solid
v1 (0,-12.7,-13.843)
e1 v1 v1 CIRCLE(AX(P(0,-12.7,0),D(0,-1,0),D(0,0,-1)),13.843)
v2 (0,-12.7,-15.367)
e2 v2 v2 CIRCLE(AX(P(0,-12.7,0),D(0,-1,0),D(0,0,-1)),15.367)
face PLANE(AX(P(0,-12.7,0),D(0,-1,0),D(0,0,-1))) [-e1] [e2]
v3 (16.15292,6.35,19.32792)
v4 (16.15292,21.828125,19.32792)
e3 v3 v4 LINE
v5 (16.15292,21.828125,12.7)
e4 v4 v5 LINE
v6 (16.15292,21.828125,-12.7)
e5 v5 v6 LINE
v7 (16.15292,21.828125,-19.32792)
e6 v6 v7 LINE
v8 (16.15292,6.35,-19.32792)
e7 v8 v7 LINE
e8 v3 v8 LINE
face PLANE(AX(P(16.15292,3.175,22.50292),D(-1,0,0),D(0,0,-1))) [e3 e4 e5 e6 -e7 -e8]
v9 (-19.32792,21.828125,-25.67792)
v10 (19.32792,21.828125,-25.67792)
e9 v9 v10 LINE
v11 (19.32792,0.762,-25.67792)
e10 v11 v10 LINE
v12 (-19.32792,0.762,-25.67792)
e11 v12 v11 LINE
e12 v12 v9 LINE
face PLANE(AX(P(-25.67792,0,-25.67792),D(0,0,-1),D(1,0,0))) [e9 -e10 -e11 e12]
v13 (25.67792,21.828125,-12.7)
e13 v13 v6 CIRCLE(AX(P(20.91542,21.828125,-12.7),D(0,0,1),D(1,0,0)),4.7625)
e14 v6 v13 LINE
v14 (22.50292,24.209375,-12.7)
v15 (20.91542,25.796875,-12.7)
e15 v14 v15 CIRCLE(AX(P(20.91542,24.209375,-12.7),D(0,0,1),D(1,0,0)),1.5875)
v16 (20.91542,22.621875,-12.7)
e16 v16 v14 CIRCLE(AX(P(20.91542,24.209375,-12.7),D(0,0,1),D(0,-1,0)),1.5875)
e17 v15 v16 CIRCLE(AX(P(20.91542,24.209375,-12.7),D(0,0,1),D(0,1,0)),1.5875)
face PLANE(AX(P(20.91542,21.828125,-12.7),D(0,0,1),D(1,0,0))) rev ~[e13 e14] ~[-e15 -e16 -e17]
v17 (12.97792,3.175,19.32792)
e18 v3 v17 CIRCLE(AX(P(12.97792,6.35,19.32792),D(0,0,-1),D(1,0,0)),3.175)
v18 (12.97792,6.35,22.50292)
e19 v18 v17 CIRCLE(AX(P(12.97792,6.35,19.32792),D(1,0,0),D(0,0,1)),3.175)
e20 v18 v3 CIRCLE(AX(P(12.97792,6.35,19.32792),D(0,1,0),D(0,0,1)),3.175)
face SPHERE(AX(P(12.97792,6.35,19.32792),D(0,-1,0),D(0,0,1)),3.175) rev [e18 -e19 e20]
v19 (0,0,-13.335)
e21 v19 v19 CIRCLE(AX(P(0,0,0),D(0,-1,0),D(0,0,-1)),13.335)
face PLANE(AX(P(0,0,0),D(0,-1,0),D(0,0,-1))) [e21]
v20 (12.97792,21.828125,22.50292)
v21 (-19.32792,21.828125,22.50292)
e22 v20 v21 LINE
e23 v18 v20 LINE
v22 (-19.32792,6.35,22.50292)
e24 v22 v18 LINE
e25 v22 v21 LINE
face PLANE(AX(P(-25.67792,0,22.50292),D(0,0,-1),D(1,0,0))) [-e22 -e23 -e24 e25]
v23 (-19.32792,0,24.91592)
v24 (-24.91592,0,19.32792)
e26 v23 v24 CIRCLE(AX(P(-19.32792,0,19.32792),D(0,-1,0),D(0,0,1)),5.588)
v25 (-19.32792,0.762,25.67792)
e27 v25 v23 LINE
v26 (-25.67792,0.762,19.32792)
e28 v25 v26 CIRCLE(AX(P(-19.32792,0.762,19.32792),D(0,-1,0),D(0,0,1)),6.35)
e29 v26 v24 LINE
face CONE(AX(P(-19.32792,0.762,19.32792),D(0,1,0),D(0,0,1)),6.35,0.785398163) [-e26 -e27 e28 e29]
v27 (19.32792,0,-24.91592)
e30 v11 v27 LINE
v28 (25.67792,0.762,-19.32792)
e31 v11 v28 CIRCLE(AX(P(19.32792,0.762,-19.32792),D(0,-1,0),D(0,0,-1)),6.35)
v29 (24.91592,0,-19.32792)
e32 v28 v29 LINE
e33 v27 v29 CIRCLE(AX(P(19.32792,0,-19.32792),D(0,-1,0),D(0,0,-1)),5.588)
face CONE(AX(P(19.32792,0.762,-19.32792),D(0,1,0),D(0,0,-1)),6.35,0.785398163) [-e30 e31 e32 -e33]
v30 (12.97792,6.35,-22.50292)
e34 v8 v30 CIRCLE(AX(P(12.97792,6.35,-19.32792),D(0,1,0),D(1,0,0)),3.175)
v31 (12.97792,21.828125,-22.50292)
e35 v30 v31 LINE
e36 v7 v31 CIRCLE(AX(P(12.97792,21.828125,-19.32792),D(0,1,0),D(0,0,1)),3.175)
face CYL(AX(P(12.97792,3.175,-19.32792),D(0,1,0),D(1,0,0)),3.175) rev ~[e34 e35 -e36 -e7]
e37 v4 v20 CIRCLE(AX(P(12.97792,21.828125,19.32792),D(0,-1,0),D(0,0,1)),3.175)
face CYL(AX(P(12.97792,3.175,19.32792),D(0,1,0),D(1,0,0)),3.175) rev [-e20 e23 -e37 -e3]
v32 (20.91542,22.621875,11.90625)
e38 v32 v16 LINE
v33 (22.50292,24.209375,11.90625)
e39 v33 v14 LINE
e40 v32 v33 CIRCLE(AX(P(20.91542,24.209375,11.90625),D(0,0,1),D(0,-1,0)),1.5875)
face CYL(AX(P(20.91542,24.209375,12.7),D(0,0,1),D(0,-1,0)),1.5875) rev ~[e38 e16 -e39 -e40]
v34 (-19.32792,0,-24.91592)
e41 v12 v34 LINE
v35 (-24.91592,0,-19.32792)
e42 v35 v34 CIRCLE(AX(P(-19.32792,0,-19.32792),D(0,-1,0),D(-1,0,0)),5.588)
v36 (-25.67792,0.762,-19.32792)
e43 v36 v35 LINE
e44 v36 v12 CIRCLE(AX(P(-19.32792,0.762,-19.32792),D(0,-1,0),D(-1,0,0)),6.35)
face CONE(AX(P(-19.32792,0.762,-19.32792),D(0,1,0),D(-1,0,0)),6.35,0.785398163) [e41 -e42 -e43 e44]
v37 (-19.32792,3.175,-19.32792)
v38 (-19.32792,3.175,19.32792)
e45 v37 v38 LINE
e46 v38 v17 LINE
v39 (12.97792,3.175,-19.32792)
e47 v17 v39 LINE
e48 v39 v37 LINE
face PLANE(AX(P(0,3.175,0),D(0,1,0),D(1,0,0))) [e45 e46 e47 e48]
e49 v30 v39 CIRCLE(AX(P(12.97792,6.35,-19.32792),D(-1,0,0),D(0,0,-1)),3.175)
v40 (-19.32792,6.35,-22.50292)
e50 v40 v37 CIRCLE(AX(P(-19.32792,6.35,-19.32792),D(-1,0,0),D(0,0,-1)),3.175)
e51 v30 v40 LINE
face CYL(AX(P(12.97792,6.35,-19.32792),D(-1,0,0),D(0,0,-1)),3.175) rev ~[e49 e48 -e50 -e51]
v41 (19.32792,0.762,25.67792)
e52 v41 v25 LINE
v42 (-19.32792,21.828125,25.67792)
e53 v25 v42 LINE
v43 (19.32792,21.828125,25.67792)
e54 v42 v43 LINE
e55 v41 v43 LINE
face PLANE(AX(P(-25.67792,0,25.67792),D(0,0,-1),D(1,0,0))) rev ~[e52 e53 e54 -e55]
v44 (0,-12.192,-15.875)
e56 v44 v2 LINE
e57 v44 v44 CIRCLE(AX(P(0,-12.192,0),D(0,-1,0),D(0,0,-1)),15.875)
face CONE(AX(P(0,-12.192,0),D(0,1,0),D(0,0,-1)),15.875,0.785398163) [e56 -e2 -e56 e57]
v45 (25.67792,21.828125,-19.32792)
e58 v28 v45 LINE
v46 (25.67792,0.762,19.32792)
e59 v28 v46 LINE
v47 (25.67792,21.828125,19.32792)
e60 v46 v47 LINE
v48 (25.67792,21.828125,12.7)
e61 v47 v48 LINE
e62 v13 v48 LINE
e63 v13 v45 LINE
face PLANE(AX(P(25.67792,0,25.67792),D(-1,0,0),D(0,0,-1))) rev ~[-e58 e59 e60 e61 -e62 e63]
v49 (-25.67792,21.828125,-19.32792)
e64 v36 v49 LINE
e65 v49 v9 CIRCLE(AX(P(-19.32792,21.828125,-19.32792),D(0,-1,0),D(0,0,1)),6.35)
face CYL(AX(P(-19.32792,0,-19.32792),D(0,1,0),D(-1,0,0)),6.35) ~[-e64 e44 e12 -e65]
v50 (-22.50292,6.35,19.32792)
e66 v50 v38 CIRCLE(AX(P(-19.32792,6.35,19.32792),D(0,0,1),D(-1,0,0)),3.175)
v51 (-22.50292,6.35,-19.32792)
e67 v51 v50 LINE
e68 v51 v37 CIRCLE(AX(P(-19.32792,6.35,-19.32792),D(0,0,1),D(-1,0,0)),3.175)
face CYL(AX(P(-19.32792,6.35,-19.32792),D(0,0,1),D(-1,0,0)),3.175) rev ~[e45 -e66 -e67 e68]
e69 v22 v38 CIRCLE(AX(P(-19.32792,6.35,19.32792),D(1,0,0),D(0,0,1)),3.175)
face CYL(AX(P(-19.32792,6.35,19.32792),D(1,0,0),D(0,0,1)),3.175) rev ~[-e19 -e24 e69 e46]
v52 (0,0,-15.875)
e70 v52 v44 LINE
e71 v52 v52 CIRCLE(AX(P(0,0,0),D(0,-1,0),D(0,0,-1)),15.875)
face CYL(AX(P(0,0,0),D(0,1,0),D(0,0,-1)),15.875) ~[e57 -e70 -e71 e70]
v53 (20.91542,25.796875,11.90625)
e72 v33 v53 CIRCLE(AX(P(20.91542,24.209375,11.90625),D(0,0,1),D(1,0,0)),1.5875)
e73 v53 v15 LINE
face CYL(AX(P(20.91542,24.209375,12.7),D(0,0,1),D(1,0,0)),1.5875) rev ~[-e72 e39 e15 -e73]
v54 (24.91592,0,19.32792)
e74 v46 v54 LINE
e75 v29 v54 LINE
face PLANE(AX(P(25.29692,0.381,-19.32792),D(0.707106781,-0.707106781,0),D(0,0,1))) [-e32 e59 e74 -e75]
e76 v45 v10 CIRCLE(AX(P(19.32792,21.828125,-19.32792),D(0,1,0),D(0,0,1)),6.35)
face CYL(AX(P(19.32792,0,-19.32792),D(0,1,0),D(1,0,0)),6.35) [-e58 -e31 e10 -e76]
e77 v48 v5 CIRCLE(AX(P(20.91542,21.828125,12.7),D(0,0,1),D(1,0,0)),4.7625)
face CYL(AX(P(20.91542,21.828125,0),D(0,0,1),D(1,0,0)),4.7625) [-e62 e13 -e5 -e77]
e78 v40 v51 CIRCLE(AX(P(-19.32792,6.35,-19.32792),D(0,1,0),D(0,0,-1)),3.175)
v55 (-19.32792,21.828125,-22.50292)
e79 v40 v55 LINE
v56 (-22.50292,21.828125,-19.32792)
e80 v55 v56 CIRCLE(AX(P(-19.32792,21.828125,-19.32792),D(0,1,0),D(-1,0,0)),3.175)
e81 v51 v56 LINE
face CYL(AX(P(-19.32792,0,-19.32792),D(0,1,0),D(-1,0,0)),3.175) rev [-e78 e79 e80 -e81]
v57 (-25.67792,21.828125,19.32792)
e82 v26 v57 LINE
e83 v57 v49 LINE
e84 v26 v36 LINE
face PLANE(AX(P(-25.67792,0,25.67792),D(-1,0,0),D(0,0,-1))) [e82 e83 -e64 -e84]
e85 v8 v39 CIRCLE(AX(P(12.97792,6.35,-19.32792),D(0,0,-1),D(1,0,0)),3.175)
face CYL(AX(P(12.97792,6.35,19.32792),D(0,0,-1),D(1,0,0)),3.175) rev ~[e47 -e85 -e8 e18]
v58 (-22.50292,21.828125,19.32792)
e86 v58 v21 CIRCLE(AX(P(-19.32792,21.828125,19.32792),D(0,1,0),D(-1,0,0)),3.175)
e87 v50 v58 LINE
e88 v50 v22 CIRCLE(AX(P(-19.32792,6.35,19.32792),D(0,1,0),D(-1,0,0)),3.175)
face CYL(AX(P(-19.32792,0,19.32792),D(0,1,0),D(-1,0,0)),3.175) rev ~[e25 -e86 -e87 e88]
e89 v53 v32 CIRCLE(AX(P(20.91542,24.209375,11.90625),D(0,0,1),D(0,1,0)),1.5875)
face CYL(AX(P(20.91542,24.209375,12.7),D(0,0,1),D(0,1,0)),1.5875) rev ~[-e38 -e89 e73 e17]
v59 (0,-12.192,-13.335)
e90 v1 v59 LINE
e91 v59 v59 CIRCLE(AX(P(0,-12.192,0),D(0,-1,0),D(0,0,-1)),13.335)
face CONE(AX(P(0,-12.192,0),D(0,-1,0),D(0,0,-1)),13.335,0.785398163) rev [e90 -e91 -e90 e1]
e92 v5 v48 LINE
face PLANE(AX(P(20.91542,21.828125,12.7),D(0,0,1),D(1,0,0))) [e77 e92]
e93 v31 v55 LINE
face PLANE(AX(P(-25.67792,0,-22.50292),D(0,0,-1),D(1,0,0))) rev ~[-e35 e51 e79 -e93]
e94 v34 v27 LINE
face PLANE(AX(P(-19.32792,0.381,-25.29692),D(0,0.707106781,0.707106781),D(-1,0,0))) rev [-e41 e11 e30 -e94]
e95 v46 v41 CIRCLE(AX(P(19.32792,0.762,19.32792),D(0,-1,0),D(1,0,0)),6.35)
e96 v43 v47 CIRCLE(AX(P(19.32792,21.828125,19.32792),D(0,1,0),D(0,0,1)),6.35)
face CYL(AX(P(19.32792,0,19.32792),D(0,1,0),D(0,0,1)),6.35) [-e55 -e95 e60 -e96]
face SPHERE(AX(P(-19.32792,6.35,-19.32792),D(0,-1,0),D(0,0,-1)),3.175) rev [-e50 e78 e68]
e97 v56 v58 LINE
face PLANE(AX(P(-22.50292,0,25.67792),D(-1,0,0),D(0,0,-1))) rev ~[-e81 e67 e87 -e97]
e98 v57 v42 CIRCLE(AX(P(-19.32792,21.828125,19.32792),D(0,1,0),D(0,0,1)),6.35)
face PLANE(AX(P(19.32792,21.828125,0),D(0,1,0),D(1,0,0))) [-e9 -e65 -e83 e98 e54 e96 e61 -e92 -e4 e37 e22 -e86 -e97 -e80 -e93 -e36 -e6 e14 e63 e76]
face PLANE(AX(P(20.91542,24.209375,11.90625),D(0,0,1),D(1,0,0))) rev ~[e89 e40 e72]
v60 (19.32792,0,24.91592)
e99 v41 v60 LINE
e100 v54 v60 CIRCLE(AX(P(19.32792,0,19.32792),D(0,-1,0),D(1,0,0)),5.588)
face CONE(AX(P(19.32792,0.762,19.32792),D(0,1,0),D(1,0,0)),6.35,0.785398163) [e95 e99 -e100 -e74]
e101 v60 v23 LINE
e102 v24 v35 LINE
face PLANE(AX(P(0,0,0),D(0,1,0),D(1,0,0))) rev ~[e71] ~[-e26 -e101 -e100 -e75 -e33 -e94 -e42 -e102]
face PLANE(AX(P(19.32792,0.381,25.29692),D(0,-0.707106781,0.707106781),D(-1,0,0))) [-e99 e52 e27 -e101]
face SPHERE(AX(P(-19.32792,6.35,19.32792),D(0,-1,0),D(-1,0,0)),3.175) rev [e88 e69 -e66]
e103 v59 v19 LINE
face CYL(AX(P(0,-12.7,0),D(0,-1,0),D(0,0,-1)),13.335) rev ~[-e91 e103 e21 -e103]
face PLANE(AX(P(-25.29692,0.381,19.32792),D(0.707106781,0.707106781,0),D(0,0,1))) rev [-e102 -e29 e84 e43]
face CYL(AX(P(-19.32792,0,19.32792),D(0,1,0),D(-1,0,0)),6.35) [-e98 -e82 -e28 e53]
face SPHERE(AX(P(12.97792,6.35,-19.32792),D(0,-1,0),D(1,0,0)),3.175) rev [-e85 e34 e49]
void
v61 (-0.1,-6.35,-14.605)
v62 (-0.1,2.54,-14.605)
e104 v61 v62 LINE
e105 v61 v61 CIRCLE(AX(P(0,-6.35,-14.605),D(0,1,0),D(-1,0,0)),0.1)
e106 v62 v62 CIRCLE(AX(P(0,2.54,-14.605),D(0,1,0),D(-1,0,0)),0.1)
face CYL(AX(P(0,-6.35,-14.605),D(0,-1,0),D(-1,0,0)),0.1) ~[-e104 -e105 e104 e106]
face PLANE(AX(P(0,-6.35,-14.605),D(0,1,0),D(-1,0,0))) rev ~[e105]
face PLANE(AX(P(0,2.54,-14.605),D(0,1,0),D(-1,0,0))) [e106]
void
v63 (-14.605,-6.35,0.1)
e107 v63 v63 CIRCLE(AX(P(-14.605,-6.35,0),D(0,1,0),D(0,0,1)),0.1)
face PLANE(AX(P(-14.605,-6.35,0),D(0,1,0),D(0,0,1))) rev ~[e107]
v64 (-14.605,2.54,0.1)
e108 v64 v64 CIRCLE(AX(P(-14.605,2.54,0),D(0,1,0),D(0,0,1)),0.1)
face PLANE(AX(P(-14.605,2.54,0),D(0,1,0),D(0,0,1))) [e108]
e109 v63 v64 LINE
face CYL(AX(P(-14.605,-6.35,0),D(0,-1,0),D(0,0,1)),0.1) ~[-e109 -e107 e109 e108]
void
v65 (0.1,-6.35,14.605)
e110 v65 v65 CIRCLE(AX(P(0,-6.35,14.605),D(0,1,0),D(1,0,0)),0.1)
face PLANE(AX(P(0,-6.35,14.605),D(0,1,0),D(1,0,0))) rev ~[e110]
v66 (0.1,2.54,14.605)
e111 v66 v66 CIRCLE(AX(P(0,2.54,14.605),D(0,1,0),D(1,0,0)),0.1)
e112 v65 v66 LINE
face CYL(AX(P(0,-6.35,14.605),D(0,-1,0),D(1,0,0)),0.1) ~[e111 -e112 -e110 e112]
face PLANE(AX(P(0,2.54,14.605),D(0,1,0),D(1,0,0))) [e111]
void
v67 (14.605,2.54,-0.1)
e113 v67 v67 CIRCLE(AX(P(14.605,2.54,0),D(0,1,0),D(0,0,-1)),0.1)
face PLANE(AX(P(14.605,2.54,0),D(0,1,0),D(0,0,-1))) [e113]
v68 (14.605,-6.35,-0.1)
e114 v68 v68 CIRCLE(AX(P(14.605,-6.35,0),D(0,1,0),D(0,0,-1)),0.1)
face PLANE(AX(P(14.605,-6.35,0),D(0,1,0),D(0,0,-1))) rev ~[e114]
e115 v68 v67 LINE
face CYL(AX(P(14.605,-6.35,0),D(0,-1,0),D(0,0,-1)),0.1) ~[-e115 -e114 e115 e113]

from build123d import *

# Parameters (mm, degrees)
SKETCH1_W           = 51.355839692
SKETCH1_H           = 51.355839692
BOSS_EXTRUDE1_DEPTH = 21.828125
FILLET1_R           = 6.35
SHELL1_T            = -3.175
SKETCH2_R           = 15.875
BOSS_EXTRUDE2_DEPTH = 12.7
SKETCH3_W           = 6.35
SKETCH3_H           = 45.005839692
BOSS_EXTRUDE3_DEPTH = 18.653125
SKETCH4_R           = 4.7625
BOSS_EXTRUDE4_DEPTH = 12.7
CUT_EXTRUDE1_DEPTH  = 25.4
SKETCH6_R           = 1.966828055
BOSS_EXTRUDE5_DEPTH = 0.79375
FILLET2_R           = 3.175
FILLET3_R           = 3.175
SKETCH8_R           = 13.335
CUT_EXTRUDE2_DEPTH  = 12.7
CUT_EXTRUDE3_START  = -6.35
SKETCH9_R           = 0.1
CUT_EXTRUDE3_DEPTH  = 8.89
CIRPATTERN1_COUNT   = 4
CHAMFER4_SIZE       = 0.762
CHAMFER5_SIZE       = 0.508


with BuildPart() as part:
    # Sketch1 → Boss-Extrude1 (new body)
    with BuildSketch(Plane(origin=(0, 0, 0), x_dir=(1, 0, 0), z_dir=(0, 1, 0))):
        Rectangle(SKETCH1_W, SKETCH1_H)
    extrude(amount=BOSS_EXTRUDE1_DEPTH)

    # Fillet1
    fillet1_edges = [part.edges().sort_by_distance(p)[0] for p in [
        (25.677919846, 10.9140625, -25.677919846),
        (25.677919846, 10.9140625, 25.677919846),
        (-25.677919846, 10.9140625, 25.677919846),
        (-25.677919846, 10.9140625, -25.677919846),
    ]]
    fillet(fillet1_edges, radius=FILLET1_R)

    # Shell1
    shell1_openings = [part.faces().sort_by_distance(p)[0] for p in [
        (0, 21.828125, 0),
    ]]
    offset(amount=SHELL1_T, openings=shell1_openings, kind=Kind.INTERSECTION)

    # Sketch2 → Boss-Extrude2 (add)
    with BuildSketch(Plane.XZ):
        with Locations(Location((0, 0, 0), (0, 0, 270))):
            Circle(SKETCH2_R)
    extrude(amount=BOSS_EXTRUDE2_DEPTH)

    # Sketch3 → Boss-Extrude3 (add)
    with BuildSketch(Plane(origin=(0, 3.175, 0), x_dir=(1, 0, 0), z_dir=(0, 1, 0))):
        with Locations((19.327919846, 0)):
            Rectangle(SKETCH3_W, SKETCH3_H)
    extrude(amount=BOSS_EXTRUDE3_DEPTH)

    # Sketch4 → Boss-Extrude4 (add, symmetric)
    with BuildSketch(Plane.XY):
        with Locations((20.915419846, 21.828125)):
            Circle(SKETCH4_R)
    extrude(amount=BOSS_EXTRUDE4_DEPTH, both=True)

    # Sketch5 → Cut-Extrude1 (cut)
    with BuildSketch(Plane.XY.offset(12.7)):
        with BuildLine():
            ThreePointArc((22.502919846, 24.209375), (22.037951861, 25.331907015), (20.915419846, 25.796875))
            Line((20.915419846, 25.796875), (20.915419846, 22.621875))
            ThreePointArc((20.915419846, 22.621875), (22.037951861, 23.086842985), (22.502919846, 24.209375))
        make_face()
        with BuildLine():
            Line((20.915419846, 22.621875), (20.915419846, 25.796875))
            ThreePointArc((20.915419846, 25.796875), (19.327919846, 24.209375), (20.915419846, 22.621875))
        make_face()
    extrude(amount=-CUT_EXTRUDE1_DEPTH, mode=Mode.SUBTRACT)

    # Sketch6 → Boss-Extrude5 (add)
    with BuildSketch(Plane.XY.offset(12.7)):
        with Locations((20.915419846, 24.209375)):
            Circle(SKETCH6_R)
    extrude(amount=-BOSS_EXTRUDE5_DEPTH)

    # Fillet2
    fillet2_edges = [part.edges().sort_by_distance(p)[0] for p in [
        (16.152919846, 12.5015625, 22.502919846),
        (16.152919846, 12.5015625, -22.502919846),
    ]]
    fillet(fillet2_edges, radius=FILLET2_R)

    # Fillet3
    fillet3_edges = [part.edges().sort_by_distance(p)[0] for p in [
        (16.152919846, 3.175, 0),
        (-3.175, 3.175, -22.502919846),
        (15.222983876, 3.175, -21.572983876),
        (15.222983876, 3.175, 21.572983876),
        (-22.502919846, 3.175, 0),
        (-3.175, 3.175, 22.502919846),
        (-21.572983876, 3.175, 21.572983876),
        (-21.572983876, 3.175, -21.572983876),
    ]]
    fillet(fillet3_edges, radius=FILLET3_R)

    # Sketch8 → Cut-Extrude2 (cut)
    with BuildSketch(Plane.XZ.offset(12.7)):
        with Locations(Location((0, 0, 0), (0, 0, 270))):
            Circle(SKETCH8_R)
    extrude(amount=-CUT_EXTRUDE2_DEPTH, mode=Mode.SUBTRACT)

    # Sketch9 → Cut-Extrude3 (cut)
    with BuildSketch(Plane(origin=(0, 0, 0), x_dir=(1, 0, 0), z_dir=(0, 1, 0)).offset(CUT_EXTRUDE3_START)):
        with Locations(Location((-14.605, 0, 0), (0, 0, 270))):
            Circle(SKETCH9_R)
    cut_extrude3 = extrude(amount=CUT_EXTRUDE3_DEPTH, mode=Mode.SUBTRACT)

    # CirPattern1: Cut-Extrude3 ×4 about axis
    cirpattern1_axis = Axis((0, 0, 0), (0, 1, 0))
    for i in range(1, CIRPATTERN1_COUNT):
        add(cut_extrude3.rotate(cirpattern1_axis, i * 360 / CIRPATTERN1_COUNT), mode=Mode.SUBTRACT)

    # Chamfer4
    chamfer4_edges = [part.edges().sort_by_distance(p)[0] for p in [
        (0, 0, -25.677919846),
        (25.677919846, 0, 0),
        (0, 0, 25.677919846),
        (-25.677919846, 0, 0),
        (-23.818047907, 0, -23.818047907),
        (-23.818047907, 0, 23.818047907),
        (23.818047907, 0, 23.818047907),
        (23.818047907, 0, -23.818047907),
    ]]
    chamfer(chamfer4_edges, length=CHAMFER4_SIZE)

    # Chamfer5
    chamfer5_edges = [part.edges().sort_by_distance(p)[0] for p in [
        (0, -12.7, 13.335),
        (0, -12.7, 15.875),
    ]]
    chamfer(chamfer5_edges, length=CHAMFER5_SIZE)


solid = part.part
